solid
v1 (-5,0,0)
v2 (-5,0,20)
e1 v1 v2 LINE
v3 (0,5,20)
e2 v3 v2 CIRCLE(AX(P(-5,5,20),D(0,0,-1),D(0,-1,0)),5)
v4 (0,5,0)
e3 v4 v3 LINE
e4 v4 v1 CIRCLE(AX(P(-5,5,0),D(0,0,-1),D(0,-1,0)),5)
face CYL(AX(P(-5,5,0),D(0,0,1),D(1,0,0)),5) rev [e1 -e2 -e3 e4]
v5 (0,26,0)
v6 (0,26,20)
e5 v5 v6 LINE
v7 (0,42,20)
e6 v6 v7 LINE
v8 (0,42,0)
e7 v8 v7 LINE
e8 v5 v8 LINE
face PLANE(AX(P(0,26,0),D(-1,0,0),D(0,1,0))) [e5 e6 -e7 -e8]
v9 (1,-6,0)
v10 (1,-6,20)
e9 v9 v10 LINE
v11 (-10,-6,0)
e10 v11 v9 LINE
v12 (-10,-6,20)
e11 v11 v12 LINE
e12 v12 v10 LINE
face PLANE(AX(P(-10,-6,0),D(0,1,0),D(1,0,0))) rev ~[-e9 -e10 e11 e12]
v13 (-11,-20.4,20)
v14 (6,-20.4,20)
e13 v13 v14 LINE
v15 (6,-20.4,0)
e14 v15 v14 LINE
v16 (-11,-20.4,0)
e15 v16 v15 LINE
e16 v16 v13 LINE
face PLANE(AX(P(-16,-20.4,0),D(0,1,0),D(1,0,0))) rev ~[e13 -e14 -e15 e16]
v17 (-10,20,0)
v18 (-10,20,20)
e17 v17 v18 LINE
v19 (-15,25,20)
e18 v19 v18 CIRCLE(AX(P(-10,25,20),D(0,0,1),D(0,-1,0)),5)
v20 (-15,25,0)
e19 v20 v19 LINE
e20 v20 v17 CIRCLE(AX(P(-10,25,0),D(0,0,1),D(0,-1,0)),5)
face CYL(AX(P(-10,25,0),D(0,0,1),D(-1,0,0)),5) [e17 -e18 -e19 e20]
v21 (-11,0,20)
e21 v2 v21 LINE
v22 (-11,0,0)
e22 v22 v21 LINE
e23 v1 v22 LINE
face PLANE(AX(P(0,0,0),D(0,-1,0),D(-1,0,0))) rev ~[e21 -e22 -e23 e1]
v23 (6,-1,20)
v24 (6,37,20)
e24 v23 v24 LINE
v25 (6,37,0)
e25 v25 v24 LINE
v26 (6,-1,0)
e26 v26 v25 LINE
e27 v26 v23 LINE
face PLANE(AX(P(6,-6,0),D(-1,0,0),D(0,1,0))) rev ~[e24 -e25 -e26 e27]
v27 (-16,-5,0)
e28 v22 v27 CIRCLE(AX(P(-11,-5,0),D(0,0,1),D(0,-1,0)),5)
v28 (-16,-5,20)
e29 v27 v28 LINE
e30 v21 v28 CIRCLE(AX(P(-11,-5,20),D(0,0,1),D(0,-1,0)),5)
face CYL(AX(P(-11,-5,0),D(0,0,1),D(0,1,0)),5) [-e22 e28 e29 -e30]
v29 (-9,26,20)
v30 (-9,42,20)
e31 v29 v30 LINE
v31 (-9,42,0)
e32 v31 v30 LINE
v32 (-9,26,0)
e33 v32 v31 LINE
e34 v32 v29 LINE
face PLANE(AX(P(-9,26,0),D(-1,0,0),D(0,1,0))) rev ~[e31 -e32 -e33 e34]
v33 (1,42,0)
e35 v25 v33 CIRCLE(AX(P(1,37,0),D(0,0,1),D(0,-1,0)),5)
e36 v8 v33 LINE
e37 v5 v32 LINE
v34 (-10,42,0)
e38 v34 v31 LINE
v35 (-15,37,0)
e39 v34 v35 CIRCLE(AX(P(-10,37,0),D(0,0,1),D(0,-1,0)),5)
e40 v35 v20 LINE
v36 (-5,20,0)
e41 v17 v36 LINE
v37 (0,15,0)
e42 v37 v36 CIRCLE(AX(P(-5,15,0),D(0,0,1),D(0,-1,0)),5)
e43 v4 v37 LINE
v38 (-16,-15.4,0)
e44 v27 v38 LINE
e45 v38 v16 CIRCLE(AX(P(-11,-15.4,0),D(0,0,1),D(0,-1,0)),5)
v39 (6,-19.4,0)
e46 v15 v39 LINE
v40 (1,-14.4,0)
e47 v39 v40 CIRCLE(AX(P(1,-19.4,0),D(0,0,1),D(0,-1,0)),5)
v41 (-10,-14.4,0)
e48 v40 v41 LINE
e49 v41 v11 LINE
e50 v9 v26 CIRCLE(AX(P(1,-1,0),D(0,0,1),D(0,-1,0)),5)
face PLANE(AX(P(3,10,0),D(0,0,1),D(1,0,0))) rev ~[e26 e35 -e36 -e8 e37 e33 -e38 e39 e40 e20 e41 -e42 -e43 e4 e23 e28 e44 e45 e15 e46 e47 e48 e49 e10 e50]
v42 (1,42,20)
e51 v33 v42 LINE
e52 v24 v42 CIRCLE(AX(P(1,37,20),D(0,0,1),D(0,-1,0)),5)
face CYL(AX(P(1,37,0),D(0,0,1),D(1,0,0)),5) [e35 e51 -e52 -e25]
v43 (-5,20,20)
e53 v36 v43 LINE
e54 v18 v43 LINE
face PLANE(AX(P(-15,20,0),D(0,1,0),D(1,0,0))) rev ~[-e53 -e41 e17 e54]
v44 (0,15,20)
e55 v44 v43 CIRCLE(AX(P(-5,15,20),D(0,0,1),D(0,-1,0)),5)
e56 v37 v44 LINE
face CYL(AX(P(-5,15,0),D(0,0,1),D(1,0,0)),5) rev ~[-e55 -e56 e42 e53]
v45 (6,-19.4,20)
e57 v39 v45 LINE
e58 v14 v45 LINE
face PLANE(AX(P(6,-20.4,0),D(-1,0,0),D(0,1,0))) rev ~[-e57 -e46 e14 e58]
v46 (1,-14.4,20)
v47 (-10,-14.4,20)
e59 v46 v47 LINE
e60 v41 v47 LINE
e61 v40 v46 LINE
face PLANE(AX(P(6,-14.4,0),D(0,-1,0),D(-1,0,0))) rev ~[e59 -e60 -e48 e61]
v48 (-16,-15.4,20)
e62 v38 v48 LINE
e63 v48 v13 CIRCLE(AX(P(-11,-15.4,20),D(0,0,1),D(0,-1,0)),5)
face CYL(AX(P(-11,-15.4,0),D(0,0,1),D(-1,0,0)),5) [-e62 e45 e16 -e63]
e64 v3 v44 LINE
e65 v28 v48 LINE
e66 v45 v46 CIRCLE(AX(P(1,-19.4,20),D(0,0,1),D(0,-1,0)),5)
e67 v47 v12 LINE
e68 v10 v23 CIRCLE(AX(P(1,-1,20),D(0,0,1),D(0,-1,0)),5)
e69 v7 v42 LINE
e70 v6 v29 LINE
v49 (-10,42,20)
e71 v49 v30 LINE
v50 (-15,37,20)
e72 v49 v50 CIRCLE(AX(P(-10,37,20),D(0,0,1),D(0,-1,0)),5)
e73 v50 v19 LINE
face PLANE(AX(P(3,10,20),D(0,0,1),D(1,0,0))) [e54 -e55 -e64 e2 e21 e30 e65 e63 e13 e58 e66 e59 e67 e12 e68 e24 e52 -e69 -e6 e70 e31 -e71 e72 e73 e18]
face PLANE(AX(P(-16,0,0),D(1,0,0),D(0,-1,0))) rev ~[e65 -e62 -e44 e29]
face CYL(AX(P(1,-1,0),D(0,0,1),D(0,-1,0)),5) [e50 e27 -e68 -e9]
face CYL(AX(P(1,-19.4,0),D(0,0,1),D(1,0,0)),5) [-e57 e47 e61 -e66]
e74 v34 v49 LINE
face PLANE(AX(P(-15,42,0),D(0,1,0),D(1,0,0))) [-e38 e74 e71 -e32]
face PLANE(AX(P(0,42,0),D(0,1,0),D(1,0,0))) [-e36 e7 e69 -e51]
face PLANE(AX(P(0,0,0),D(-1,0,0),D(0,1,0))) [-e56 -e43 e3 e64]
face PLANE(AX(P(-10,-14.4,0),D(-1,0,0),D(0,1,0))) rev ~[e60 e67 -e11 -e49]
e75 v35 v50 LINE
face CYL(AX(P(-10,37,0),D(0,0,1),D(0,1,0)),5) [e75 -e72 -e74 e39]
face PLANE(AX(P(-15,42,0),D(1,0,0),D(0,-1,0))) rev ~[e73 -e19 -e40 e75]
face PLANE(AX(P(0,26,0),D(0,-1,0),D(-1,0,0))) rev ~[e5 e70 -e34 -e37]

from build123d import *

# Parameters (mm, degrees)
F0_W     = 6
F0_H     = 20
F0_H_2   = 8.4
F0_H_3   = 16
F1_DEPTH = 20
F2_R     = 5


with BuildPart() as f1:
    # F0 (on Top) → F1 (new body)
    with BuildSketch(Plane.XY):
        with Locations((3, 10)):
            Rectangle(F0_W, F0_H)
        Polygon((6, 0), (0, 0), (-16, 0), (-16, -6), (-10, -6), (6, -6), align=None)
        Polygon((-15, 20), (0, 20), (6, 20), (6, 26), (0, 26), (-9, 26), (-15, 26), align=None)
        with Locations((-13, -10.2)):
            Rectangle(F0_W, F0_H_2)
        with Locations((3, 34)):
            Rectangle(F0_W, F0_H_3)
        with Locations((-12, 34)):
            Rectangle(F0_W, F0_H_3)
        Polygon((-10, -14.4), (-16, -14.4), (-16, -20.4), (6, -20.4), (6, -14.4), align=None)
    extrude(amount=F1_DEPTH)

    # F2
    f2_edges = [f1.edges().sort_by_distance(p)[0] for p in [
        (6, 42, 10),
        (-15, 42, 10),
        (-15, 20, 10),
        (-16, 0, 10),
        (0, 20, 10),
        (0, 0, 10),
        (-16, -20.4, 10),
        (6, -6, 10),
        (6, -14.4, 10),
    ]]
    fillet(f2_edges, radius=F2_R)


solid = f1.part
